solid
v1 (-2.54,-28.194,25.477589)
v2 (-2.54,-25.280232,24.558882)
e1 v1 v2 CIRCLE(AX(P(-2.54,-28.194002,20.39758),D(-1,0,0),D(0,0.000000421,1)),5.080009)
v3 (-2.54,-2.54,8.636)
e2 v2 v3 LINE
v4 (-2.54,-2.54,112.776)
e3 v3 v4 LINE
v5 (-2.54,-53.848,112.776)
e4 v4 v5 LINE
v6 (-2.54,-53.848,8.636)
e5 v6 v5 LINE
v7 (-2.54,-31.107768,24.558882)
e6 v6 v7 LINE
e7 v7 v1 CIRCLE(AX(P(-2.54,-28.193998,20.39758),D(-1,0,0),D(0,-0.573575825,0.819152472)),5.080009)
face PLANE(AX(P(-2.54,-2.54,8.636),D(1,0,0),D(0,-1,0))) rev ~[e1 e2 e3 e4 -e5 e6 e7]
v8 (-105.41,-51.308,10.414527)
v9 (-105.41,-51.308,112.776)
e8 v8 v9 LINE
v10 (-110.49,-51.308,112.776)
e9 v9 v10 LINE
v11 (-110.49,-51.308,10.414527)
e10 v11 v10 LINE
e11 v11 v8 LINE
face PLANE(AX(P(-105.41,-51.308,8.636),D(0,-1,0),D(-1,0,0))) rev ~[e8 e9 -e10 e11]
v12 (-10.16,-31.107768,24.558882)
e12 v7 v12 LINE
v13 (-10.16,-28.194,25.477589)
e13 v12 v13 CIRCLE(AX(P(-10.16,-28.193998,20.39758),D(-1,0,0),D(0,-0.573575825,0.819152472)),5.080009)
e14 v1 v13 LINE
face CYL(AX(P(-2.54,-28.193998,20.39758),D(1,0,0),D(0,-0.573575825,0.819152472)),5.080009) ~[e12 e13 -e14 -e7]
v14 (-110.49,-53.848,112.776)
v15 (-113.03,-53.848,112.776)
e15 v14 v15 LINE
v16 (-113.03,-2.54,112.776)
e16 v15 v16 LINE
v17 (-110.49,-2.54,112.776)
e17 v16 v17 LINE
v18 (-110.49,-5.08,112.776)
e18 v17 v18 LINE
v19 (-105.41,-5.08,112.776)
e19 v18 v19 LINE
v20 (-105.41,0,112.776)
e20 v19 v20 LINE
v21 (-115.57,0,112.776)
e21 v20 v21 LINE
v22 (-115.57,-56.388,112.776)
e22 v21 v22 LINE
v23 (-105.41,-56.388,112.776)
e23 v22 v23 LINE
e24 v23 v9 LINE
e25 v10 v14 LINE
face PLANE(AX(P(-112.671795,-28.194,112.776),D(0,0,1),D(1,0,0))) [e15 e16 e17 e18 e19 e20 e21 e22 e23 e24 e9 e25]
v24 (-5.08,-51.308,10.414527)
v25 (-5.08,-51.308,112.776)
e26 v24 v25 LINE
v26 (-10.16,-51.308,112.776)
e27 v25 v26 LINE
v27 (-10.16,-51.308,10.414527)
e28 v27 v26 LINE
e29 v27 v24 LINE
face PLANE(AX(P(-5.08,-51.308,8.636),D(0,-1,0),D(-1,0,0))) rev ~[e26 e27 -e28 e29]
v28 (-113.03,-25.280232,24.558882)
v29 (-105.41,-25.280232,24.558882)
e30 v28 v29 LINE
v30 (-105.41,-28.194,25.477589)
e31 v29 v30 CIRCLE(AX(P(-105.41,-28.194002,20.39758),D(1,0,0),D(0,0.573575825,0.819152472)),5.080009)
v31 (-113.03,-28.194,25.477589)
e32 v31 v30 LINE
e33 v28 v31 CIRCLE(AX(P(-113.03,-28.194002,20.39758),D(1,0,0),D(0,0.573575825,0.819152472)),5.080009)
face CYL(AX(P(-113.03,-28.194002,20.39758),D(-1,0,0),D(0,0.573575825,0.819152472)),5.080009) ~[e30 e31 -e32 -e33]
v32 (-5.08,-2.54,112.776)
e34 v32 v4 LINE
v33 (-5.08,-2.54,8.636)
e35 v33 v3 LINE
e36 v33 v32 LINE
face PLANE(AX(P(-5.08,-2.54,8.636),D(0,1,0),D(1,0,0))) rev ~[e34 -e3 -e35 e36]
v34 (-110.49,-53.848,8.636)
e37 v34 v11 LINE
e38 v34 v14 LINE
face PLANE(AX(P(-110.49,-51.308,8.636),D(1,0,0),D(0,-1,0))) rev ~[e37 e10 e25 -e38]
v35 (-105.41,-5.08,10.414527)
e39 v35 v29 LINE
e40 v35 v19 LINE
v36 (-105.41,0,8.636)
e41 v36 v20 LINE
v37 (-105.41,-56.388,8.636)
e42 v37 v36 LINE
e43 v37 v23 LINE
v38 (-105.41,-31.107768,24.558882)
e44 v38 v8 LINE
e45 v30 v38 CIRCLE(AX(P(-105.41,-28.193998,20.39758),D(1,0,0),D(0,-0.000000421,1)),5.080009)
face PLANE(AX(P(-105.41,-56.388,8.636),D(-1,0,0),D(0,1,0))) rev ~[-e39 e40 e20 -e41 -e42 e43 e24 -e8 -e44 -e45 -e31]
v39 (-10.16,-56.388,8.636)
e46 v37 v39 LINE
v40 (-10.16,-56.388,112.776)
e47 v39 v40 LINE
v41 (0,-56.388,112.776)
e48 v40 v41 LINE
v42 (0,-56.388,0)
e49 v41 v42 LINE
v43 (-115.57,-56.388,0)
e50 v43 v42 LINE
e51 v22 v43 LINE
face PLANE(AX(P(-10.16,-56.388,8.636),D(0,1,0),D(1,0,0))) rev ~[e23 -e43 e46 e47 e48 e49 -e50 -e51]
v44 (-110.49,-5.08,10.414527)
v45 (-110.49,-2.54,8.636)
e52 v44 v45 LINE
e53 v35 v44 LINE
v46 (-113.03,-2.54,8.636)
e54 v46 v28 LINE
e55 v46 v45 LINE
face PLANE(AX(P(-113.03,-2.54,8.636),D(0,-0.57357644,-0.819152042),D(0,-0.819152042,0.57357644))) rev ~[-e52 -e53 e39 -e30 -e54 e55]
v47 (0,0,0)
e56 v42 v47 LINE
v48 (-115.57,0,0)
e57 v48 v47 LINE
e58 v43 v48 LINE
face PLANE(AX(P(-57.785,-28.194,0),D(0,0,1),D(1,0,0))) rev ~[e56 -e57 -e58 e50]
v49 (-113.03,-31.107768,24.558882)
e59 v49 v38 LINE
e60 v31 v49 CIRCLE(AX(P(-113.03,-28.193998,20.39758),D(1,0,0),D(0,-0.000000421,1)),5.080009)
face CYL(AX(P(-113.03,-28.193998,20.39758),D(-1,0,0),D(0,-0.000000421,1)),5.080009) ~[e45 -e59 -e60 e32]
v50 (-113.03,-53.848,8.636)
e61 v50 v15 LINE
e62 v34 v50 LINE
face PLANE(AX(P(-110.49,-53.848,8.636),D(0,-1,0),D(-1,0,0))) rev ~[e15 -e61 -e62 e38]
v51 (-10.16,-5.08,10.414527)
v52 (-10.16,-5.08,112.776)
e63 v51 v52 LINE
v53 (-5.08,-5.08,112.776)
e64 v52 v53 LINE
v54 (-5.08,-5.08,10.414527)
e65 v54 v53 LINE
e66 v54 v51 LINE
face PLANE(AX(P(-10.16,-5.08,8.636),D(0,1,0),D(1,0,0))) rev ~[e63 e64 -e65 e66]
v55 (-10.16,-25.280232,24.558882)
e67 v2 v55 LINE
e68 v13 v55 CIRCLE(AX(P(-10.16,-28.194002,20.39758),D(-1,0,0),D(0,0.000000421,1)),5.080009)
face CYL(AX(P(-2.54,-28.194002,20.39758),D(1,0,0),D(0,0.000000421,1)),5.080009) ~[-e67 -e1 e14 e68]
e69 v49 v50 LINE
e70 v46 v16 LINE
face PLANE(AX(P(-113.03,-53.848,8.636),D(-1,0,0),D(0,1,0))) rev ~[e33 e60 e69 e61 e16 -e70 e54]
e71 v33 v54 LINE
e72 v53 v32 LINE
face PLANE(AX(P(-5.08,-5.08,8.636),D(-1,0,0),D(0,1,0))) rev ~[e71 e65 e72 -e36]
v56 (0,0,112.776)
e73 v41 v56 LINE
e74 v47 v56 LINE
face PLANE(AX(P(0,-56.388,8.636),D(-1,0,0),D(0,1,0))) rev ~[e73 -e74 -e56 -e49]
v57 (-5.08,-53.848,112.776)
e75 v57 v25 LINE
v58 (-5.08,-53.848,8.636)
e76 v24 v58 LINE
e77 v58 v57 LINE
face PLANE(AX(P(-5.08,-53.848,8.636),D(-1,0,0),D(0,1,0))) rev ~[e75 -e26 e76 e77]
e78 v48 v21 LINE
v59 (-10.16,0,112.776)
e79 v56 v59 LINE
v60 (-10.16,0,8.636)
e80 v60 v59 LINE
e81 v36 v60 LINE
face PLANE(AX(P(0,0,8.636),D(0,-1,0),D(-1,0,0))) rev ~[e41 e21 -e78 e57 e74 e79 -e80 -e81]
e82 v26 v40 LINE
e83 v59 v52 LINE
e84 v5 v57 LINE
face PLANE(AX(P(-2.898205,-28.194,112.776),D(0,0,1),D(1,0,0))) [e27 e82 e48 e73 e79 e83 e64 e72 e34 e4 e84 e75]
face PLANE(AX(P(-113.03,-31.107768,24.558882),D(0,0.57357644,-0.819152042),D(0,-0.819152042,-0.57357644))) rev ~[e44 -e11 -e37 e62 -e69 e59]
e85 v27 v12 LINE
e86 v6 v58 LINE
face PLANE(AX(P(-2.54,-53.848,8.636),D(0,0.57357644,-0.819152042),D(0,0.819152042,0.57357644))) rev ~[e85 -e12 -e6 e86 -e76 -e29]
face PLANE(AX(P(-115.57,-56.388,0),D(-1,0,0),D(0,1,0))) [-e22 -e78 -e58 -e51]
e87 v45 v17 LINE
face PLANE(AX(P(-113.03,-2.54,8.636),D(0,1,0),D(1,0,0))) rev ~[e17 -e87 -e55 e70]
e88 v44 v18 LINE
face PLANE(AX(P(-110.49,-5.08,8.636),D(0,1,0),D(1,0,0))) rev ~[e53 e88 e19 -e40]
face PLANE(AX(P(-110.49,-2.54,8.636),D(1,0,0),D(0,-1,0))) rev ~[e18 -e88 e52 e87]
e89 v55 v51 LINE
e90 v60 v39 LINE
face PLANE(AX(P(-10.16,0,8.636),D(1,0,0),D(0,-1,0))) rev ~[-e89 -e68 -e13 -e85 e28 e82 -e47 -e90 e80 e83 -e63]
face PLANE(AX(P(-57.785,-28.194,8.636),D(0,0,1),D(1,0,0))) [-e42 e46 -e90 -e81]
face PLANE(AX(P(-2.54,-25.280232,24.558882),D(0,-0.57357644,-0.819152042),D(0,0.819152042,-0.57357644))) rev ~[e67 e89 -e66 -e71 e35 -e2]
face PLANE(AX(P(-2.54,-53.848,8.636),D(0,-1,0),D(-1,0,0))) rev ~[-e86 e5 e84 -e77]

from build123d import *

# Parameters (mm, degrees)
F0_W     = 115.57
F0_H     = 56.388
F1_DEPTH = 8.636
F3_DEPTH = 104.14
F5_DEPTH = 7.62
F7_DEPTH = 7.62


with BuildPart() as f1:
    # F0 (on Top) → F1 (new body)
    with BuildSketch(Plane.XY):
        with Locations((-57.785, -28.194)):
            Rectangle(F0_W, F0_H)
    extrude(amount=F1_DEPTH)

    # F2 (on face) → F3 (join)
    with BuildSketch(Plane.XY.offset(8.636)):
        Polygon((0, -56.388), (0, -28.194), (0, 0), (-10.16, 0), (-10.16, -5.08), (-5.08, -5.08), (-5.08, -2.54), (-2.54, -2.54), (-2.54, -28.194), (-2.54, -53.848), (-5.08, -53.848), (-5.08, -51.308), (-10.16, -51.308), (-10.16, -56.388), align=None)
        Polygon((-105.41, -5.08), (-105.41, 0), (-115.57, 0), (-115.57, -28.194), (-115.57, -56.388), (-105.41, -56.388), (-105.41, -51.308), (-110.49, -51.308), (-110.49, -53.848), (-113.03, -53.848), (-113.03, -28.194), (-113.03, -2.54), (-110.49, -2.54), (-110.49, -5.08), align=None)
    extrude(amount=F3_DEPTH)

    # F4 (on face) → F5 (join)
    with BuildSketch(Plane.YZ.offset(-113.03)):
        with BuildLine():
            Line((-53.848, 8.636), (-28.194, 8.636))
            Line((-28.194, 8.636), (-2.54, 8.636))
            Line((-2.54, 8.636), (-25.280232, 24.558882))
            ThreePointArc((-25.280232, 24.558882), (-26.666415, 25.242471), (-28.194, 25.477589))
            ThreePointArc((-28.194, 25.477589), (-29.721585, 25.242471), (-31.107768, 24.558882))
            Line((-31.107768, 24.558882), (-53.848, 8.636))
        make_face()
    extrude(amount=F5_DEPTH)

    # F6 (on face) → F7 (join)
    with BuildSketch(Plane(origin=(-2.54, 0, 0), x_dir=(0, -1, 0), z_dir=(-1, 0, 0))):
        with BuildLine():
            Line((2.54, 8.636), (28.194, 8.636))
            Line((28.194, 8.636), (53.848, 8.636))
            Line((53.848, 8.636), (31.107768, 24.558882))
            ThreePointArc((31.107768, 24.558882), (29.721585, 25.242471), (28.194, 25.477589))
            ThreePointArc((28.194, 25.477589), (26.666415, 25.242471), (25.280232, 24.558882))
            Line((25.280232, 24.558882), (2.54, 8.636))
        make_face()
    extrude(amount=F7_DEPTH)


solid = f1.part
